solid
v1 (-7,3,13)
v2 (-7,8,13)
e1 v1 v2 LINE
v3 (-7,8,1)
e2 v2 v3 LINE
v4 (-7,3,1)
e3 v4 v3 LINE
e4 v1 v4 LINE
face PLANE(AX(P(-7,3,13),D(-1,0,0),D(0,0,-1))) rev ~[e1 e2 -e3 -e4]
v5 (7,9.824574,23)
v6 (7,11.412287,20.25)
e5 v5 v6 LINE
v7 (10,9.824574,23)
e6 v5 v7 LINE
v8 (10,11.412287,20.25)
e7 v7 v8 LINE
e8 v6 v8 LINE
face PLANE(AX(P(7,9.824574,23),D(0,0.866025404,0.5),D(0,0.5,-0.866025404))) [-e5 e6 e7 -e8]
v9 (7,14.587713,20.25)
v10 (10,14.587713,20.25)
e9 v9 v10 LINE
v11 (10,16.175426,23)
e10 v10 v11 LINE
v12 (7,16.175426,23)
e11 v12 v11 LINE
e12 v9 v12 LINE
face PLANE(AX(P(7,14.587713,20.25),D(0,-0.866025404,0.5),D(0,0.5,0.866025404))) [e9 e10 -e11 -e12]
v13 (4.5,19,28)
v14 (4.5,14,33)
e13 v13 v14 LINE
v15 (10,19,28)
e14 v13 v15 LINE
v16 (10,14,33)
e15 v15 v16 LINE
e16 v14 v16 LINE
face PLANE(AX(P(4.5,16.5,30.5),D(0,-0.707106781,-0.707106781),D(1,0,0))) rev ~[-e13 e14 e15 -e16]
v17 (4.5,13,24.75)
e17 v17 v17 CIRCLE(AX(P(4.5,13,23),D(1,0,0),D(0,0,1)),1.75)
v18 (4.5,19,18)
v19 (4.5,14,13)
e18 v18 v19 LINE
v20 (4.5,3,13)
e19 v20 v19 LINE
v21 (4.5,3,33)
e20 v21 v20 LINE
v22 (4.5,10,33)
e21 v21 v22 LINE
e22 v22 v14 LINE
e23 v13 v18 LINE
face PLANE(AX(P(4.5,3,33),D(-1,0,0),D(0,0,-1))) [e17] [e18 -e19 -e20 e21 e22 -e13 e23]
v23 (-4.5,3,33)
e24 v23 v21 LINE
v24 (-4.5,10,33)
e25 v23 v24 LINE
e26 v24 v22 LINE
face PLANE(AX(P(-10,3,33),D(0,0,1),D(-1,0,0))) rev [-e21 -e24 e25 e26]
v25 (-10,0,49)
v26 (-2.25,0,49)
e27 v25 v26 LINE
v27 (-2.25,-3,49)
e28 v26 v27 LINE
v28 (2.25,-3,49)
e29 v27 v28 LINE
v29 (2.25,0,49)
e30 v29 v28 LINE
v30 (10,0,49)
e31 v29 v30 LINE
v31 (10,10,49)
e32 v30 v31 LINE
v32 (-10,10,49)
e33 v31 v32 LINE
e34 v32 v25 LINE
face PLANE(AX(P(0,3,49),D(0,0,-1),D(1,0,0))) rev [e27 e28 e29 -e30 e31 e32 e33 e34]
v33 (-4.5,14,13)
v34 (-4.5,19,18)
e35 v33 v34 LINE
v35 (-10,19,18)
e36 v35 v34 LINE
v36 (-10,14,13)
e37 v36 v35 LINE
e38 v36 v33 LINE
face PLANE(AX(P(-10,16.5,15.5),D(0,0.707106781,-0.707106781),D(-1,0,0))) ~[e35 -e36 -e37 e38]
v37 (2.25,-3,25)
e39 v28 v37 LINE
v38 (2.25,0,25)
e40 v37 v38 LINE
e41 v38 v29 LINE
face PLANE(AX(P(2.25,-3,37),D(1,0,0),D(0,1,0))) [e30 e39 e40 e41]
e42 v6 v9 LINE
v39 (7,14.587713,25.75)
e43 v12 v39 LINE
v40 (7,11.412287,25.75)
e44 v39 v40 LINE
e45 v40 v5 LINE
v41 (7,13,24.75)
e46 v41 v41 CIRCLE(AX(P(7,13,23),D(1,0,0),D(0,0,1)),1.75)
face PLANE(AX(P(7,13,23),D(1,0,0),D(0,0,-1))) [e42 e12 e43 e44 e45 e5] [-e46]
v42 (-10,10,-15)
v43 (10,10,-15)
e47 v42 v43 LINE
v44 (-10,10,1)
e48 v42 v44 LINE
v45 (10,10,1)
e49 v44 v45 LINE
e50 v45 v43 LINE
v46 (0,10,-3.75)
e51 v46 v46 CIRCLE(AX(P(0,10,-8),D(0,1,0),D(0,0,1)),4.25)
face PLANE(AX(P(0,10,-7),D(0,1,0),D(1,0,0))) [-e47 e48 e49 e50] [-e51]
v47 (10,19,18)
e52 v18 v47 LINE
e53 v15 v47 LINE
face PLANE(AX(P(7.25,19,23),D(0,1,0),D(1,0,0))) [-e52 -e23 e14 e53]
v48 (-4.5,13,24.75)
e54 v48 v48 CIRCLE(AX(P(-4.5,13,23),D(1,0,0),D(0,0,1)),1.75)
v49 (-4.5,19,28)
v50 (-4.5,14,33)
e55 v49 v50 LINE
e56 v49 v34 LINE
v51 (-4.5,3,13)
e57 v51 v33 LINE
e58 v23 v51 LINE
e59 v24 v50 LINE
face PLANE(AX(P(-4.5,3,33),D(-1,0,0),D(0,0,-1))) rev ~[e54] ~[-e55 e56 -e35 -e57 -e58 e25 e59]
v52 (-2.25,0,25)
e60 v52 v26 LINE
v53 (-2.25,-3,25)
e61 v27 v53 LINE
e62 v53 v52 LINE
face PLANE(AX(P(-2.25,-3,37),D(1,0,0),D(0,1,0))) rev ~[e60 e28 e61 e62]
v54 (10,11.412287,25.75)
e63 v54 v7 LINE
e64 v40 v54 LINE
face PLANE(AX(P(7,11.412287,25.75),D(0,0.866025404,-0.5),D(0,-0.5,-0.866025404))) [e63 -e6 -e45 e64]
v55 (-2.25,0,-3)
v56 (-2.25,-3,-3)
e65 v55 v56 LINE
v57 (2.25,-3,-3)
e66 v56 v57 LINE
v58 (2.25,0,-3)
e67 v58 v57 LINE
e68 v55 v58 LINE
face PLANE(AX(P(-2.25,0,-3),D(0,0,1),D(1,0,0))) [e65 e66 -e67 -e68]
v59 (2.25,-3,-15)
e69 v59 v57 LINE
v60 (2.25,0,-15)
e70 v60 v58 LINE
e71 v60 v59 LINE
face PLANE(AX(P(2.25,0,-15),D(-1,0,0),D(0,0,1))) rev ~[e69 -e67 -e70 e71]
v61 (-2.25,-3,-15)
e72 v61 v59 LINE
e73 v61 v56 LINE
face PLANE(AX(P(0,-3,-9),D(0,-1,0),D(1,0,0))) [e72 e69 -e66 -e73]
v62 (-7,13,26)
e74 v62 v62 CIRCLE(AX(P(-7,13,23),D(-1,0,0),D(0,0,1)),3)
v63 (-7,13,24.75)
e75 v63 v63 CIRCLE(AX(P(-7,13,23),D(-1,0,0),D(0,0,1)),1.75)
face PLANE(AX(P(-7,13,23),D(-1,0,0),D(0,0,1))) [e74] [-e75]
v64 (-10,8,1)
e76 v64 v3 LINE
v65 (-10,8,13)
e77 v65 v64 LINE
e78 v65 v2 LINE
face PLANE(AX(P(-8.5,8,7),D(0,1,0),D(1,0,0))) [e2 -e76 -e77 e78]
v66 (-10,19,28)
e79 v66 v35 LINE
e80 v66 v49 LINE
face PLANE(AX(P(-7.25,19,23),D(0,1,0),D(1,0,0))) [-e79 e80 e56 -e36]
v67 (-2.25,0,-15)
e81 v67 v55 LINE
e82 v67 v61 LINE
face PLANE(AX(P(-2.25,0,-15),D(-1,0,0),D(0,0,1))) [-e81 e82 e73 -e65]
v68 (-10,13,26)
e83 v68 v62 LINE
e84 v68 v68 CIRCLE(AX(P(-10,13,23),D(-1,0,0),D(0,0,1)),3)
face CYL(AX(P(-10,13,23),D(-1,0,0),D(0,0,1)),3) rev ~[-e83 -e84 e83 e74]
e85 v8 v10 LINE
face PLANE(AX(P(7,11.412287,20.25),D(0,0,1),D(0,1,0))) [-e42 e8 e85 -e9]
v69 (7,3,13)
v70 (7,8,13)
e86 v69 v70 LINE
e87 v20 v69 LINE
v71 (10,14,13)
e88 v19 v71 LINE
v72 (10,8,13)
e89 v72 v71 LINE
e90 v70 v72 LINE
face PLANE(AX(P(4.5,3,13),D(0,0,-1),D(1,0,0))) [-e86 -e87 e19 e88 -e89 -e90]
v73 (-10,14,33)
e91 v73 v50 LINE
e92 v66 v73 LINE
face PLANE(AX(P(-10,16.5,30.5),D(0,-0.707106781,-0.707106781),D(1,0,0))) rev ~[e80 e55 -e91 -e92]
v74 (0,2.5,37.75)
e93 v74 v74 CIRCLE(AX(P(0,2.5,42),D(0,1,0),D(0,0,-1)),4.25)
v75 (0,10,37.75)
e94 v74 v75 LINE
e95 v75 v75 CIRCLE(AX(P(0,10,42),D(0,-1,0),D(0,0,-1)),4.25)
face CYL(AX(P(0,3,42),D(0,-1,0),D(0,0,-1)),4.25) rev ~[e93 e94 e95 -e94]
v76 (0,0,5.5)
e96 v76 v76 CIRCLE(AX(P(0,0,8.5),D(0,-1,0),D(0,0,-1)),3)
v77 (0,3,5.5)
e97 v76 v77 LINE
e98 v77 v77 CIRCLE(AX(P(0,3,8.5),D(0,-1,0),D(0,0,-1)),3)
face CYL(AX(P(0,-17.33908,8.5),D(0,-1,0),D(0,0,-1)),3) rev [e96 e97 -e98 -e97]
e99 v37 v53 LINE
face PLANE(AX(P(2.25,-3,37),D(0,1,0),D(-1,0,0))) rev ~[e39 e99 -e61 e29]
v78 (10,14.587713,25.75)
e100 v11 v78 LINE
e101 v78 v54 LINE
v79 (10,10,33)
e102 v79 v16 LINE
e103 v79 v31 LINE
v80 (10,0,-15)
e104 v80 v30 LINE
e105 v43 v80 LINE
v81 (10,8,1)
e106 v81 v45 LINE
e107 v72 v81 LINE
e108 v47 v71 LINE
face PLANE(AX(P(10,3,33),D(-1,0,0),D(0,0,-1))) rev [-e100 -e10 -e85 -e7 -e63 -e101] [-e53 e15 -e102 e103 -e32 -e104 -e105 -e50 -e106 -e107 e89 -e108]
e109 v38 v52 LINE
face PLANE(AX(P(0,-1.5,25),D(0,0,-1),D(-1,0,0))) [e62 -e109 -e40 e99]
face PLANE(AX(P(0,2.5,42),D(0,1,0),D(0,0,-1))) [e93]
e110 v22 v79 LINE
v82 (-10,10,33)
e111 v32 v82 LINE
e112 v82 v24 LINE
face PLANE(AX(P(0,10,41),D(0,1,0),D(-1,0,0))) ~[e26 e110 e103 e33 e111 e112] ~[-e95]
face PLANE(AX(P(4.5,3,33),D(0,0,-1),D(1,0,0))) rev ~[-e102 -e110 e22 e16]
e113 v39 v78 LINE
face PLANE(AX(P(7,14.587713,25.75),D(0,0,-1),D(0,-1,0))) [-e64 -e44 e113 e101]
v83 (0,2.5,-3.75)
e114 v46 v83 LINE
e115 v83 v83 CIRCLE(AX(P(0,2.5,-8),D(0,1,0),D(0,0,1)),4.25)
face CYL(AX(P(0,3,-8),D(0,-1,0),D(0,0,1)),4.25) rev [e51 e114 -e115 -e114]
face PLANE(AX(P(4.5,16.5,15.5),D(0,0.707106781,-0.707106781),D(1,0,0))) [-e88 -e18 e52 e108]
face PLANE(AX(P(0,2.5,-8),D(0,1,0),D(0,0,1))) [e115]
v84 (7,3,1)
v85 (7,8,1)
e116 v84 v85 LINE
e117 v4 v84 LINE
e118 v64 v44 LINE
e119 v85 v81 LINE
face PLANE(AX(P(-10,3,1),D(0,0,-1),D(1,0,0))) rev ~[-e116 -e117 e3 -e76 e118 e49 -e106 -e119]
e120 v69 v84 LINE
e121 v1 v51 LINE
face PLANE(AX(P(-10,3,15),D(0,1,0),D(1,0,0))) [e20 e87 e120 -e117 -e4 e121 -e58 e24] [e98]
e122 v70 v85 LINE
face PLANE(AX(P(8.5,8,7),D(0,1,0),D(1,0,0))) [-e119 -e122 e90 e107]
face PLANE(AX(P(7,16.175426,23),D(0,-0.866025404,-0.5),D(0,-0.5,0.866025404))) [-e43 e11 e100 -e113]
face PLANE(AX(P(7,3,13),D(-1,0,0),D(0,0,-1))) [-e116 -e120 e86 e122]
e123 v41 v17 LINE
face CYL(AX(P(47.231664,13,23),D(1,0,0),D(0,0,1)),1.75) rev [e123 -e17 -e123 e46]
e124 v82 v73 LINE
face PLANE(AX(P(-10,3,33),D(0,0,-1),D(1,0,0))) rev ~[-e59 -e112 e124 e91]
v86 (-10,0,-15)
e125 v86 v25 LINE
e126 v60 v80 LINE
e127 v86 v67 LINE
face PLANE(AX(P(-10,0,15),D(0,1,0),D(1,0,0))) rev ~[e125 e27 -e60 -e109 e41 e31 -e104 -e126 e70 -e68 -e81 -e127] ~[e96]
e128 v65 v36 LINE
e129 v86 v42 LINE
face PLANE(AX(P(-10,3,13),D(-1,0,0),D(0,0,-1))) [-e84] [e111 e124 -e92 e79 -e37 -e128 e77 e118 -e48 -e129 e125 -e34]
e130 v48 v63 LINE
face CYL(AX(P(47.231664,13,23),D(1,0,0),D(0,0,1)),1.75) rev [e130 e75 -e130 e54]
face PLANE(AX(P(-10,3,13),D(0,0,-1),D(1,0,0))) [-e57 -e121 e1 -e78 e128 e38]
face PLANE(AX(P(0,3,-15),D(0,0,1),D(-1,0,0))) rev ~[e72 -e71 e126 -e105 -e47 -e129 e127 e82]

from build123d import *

# Parameters (mm, degrees)
SKETCH1_W               = 20
SKETCH1_H               = 30
BOSS_EXTRUDE1_DEPTH     = 3
SKETCH2_W               = 4.5
SKETCH2_H               = 12
BOSS_EXTRUDE2_DEPTH     = 3
SKETCH3_R               = 7
SKETCH3_R_2             = 4.25
BOSS_EXTRUDE3_DEPTH     = 7
SKETCH4_R               = 4.25
BOSS_EXTRUDE4_DEPTH     = 1
CUT_EXTRUDE1_DEPTH      = 20.339079606
CUT_EXTRUDE1_DEPTH_BACK = 20.339079606
SKETCH5_R               = 3
SKETCH6_R               = 7
SKETCH6_R_2             = 4.25
BOSS_EXTRUDE6_DEPTH     = 7
SKETCH7_W               = 20
SKETCH7_H               = 3
BOSS_EXTRUDE7_DEPTH     = 19
SKETCH8_W               = 4.5
SKETCH8_H               = 3
BOSS_EXTRUDE8_DEPTH     = 12
SKETCH10_W              = 5.5
SKETCH10_H              = 20
BOSS_EXTRUDE9_DEPTH     = 16
CUT_EXTRUDE2_DEPTH      = 57.231663678
CUT_EXTRUDE2_DEPTH_BACK = 57.231663678
SKETCH11_R              = 1.75
SKETCH12_R              = 3
SKETCH12_R_2            = 1.75
CUT_EXTRUDE3_DEPTH      = 3
CUT_EXTRUDE4_START      = -3
SKETCH13_R              = 1.75
CUT_EXTRUDE4_DEPTH      = 3
CHAMFER2_SIZE           = 5
CUT_EXTRUDE5_START      = -1.5
SKETCH14_R              = 4.25
CUT_EXTRUDE5_DEPTH      = 1.5
SKETCH15_W              = 3
SKETCH15_H              = 12
BOSS_EXTRUDE10_DEPTH    = 5


with BuildPart() as part:
    # Sketch1 → Boss-Extrude1 (new body)
    with BuildSketch(Plane(origin=(0, 0, 0), x_dir=(1, 0, 0), z_dir=(0, 1, 0))):
        Rectangle(SKETCH1_W, SKETCH1_H)
    boss_extrude1 = extrude(amount=BOSS_EXTRUDE1_DEPTH)

    # Sketch2 → Boss-Extrude2 (add)
    with BuildSketch(Plane.XZ):
        with Locations((0, -9)):
            Rectangle(SKETCH2_W, SKETCH2_H)
    boss_extrude2 = extrude(amount=BOSS_EXTRUDE2_DEPTH)

    # Sketch3 → Boss-Extrude3 (add)
    with BuildSketch(Plane(origin=(0, 3, 0), x_dir=(1, 0, 0), z_dir=(0, 1, 0))):
        with Locations(Location((0, 8, 0), (0, 0, 90))):
            Circle(SKETCH3_R)
        with Locations(Location((0, 8, 0), (0, 0, 270))):
            Circle(SKETCH3_R_2, mode=Mode.SUBTRACT)
    boss_extrude3 = extrude(amount=BOSS_EXTRUDE3_DEPTH)

    # Sketch4 → Boss-Extrude4 (add)
    with BuildSketch(Plane(origin=(0, 3, 0), x_dir=(1, 0, 0), z_dir=(0, 1, 0))):
        with Locations(Location((0, 8, 0), (0, 0, 270))):
            Circle(SKETCH4_R)
    boss_extrude4 = extrude(amount=BOSS_EXTRUDE4_DEPTH)

    # Sketch5 → Cut-Extrude1 (cut, two sides: drawn at the far end of the back side and taken through both)
    with BuildSketch(Plane(origin=(0, 3, 0), x_dir=(1, 0, 0), z_dir=(0, 1, 0)).offset(-CUT_EXTRUDE1_DEPTH_BACK)):
        with Locations(Location((0, -8.5, 0), (0, 0, 90))):
            Circle(SKETCH5_R)
    extrude(amount=CUT_EXTRUDE1_DEPTH + CUT_EXTRUDE1_DEPTH_BACK, mode=Mode.SUBTRACT)

    # Sketch6 → Boss-Extrude6 (add)
    # profile 1 of 2: a face of its own
    with BuildSketch(Plane(origin=(0, 3, 0), x_dir=(1, 0, 0), z_dir=(0, 1, 0))):
        Polygon((0, 15), (-10, 15), (-10, -1), (10, -1), (10, 15), align=None)
        with BuildLine():
            ThreePointArc((7, 8), (-4.949747468, 3.050252532), (0, 15))
            ThreePointArc((0, 15), (4.949747468, 12.949747468), (7, 8))
        make_face(mode=Mode.SUBTRACT)
    # profile 2 of 2: a face of its own
    with BuildSketch(Plane(origin=(0, 3, 0), x_dir=(1, 0, 0), z_dir=(0, 1, 0))):
        with Locations((0, 8)):
            Circle(SKETCH6_R)
        with Locations(Location((0, 8, 0), (0, 0, 270))):
            Circle(SKETCH6_R_2, mode=Mode.SUBTRACT)
    boss_extrude6 = extrude(amount=BOSS_EXTRUDE6_DEPTH)

    # Sketch7 → Boss-Extrude7 (add)
    with BuildSketch(Plane.XY.offset(15)):
        with Locations((0, 1.5)):
            Rectangle(SKETCH7_W, SKETCH7_H)
    extrude(amount=BOSS_EXTRUDE7_DEPTH)

    # Mirror3: Boss-Extrude1, Boss-Extrude2, Boss-Extrude3, Boss-Extrude4, Boss-Extrude6 across plane
    add(boss_extrude1.mirror(Plane.XY.offset(17)))
    add(boss_extrude2.mirror(Plane.XY.offset(17)))
    add(boss_extrude3.mirror(Plane.XY.offset(17)))
    add(boss_extrude4.mirror(Plane.XY.offset(17)))
    add(boss_extrude6.mirror(Plane.XY.offset(17)))

    # Sketch8 → Boss-Extrude8 (add)
    with BuildSketch(Plane(origin=(0, 0, 37), x_dir=(-1, 0, 0), z_dir=(0, 0, -1))):
        with Locations((0, -1.5)):
            Rectangle(SKETCH8_W, SKETCH8_H)
    extrude(amount=BOSS_EXTRUDE8_DEPTH)

    # Sketch10 → Boss-Extrude9 (add)
    with BuildSketch(Plane(origin=(0, 3, 0), x_dir=(1, 0, 0), z_dir=(0, 1, 0))):
        with Locations((-7.25, -23)):
            Rectangle(SKETCH10_W, SKETCH10_H)
        with Locations((7.25, -23)):
            Rectangle(SKETCH10_W, SKETCH10_H)
    extrude(amount=BOSS_EXTRUDE9_DEPTH)

    # Sketch11 → Cut-Extrude2 (cut, two sides: drawn at the far end of the back side and taken through both)
    with BuildSketch(Plane.ZY.offset(10).offset(-CUT_EXTRUDE2_DEPTH_BACK)):
        with Locations((23, 13)):
            Circle(SKETCH11_R)
    extrude(amount=CUT_EXTRUDE2_DEPTH + CUT_EXTRUDE2_DEPTH_BACK, mode=Mode.SUBTRACT)

    # Sketch12 → Cut-Extrude3 (cut)
    with BuildSketch(Plane.ZY.offset(10)):
        with Locations((23, 13)):
            Circle(SKETCH12_R)
        with Locations((23, 13)):
            Circle(SKETCH12_R_2, mode=Mode.SUBTRACT)
    extrude(amount=-CUT_EXTRUDE3_DEPTH, mode=Mode.SUBTRACT)

    # Sketch13 → Cut-Extrude4 (cut)
    with BuildSketch(Plane(origin=(10, 0, 0), x_dir=(0, 0, -1), z_dir=(1, 0, 0)).offset(CUT_EXTRUDE4_START)):
        Polygon((-23, 16.175426481), (-25.75, 14.58771324), (-25.75, 11.41228676), (-23, 9.824573519), (-20.25, 11.41228676), (-20.25, 14.58771324), align=None)
        with Locations((-23, 13)):
            Circle(SKETCH13_R, mode=Mode.SUBTRACT)
    extrude(amount=CUT_EXTRUDE4_DEPTH, mode=Mode.SUBTRACT)

    # Chamfer2
    chamfer2_edges = [part.edges().sort_by_distance(p)[0] for p in [
        (-7.25, 19, 13),
        (-7.25, 19, 33),
        (7.25, 19, 13),
        (7.25, 19, 33),
    ]]
    chamfer(chamfer2_edges, length=CHAMFER2_SIZE)

    # Sketch14 → Cut-Extrude5 (cut)
    with BuildSketch(Plane(origin=(0, 4, 0), x_dir=(1, 0, 0), z_dir=(0, 1, 0)).offset(CUT_EXTRUDE5_START)):
        with Locations(Location((0, -42, 0), (0, 0, 90))):
            Circle(SKETCH14_R)
        with Locations(Location((0, 8, 0), (0, 0, 270))):
            Circle(SKETCH14_R)
    extrude(amount=CUT_EXTRUDE5_DEPTH, mode=Mode.SUBTRACT)

    # Sketch15 → Boss-Extrude10 (add)
    with BuildSketch(Plane(origin=(0, 3, 0), x_dir=(1, 0, 0), z_dir=(0, 1, 0))):
        with Locations((-8.5, -7)):
            Rectangle(SKETCH15_W, SKETCH15_H)
        with Locations((8.5, -7)):
            Rectangle(SKETCH15_W, SKETCH15_H)
    extrude(amount=BOSS_EXTRUDE10_DEPTH)


solid = part.part
